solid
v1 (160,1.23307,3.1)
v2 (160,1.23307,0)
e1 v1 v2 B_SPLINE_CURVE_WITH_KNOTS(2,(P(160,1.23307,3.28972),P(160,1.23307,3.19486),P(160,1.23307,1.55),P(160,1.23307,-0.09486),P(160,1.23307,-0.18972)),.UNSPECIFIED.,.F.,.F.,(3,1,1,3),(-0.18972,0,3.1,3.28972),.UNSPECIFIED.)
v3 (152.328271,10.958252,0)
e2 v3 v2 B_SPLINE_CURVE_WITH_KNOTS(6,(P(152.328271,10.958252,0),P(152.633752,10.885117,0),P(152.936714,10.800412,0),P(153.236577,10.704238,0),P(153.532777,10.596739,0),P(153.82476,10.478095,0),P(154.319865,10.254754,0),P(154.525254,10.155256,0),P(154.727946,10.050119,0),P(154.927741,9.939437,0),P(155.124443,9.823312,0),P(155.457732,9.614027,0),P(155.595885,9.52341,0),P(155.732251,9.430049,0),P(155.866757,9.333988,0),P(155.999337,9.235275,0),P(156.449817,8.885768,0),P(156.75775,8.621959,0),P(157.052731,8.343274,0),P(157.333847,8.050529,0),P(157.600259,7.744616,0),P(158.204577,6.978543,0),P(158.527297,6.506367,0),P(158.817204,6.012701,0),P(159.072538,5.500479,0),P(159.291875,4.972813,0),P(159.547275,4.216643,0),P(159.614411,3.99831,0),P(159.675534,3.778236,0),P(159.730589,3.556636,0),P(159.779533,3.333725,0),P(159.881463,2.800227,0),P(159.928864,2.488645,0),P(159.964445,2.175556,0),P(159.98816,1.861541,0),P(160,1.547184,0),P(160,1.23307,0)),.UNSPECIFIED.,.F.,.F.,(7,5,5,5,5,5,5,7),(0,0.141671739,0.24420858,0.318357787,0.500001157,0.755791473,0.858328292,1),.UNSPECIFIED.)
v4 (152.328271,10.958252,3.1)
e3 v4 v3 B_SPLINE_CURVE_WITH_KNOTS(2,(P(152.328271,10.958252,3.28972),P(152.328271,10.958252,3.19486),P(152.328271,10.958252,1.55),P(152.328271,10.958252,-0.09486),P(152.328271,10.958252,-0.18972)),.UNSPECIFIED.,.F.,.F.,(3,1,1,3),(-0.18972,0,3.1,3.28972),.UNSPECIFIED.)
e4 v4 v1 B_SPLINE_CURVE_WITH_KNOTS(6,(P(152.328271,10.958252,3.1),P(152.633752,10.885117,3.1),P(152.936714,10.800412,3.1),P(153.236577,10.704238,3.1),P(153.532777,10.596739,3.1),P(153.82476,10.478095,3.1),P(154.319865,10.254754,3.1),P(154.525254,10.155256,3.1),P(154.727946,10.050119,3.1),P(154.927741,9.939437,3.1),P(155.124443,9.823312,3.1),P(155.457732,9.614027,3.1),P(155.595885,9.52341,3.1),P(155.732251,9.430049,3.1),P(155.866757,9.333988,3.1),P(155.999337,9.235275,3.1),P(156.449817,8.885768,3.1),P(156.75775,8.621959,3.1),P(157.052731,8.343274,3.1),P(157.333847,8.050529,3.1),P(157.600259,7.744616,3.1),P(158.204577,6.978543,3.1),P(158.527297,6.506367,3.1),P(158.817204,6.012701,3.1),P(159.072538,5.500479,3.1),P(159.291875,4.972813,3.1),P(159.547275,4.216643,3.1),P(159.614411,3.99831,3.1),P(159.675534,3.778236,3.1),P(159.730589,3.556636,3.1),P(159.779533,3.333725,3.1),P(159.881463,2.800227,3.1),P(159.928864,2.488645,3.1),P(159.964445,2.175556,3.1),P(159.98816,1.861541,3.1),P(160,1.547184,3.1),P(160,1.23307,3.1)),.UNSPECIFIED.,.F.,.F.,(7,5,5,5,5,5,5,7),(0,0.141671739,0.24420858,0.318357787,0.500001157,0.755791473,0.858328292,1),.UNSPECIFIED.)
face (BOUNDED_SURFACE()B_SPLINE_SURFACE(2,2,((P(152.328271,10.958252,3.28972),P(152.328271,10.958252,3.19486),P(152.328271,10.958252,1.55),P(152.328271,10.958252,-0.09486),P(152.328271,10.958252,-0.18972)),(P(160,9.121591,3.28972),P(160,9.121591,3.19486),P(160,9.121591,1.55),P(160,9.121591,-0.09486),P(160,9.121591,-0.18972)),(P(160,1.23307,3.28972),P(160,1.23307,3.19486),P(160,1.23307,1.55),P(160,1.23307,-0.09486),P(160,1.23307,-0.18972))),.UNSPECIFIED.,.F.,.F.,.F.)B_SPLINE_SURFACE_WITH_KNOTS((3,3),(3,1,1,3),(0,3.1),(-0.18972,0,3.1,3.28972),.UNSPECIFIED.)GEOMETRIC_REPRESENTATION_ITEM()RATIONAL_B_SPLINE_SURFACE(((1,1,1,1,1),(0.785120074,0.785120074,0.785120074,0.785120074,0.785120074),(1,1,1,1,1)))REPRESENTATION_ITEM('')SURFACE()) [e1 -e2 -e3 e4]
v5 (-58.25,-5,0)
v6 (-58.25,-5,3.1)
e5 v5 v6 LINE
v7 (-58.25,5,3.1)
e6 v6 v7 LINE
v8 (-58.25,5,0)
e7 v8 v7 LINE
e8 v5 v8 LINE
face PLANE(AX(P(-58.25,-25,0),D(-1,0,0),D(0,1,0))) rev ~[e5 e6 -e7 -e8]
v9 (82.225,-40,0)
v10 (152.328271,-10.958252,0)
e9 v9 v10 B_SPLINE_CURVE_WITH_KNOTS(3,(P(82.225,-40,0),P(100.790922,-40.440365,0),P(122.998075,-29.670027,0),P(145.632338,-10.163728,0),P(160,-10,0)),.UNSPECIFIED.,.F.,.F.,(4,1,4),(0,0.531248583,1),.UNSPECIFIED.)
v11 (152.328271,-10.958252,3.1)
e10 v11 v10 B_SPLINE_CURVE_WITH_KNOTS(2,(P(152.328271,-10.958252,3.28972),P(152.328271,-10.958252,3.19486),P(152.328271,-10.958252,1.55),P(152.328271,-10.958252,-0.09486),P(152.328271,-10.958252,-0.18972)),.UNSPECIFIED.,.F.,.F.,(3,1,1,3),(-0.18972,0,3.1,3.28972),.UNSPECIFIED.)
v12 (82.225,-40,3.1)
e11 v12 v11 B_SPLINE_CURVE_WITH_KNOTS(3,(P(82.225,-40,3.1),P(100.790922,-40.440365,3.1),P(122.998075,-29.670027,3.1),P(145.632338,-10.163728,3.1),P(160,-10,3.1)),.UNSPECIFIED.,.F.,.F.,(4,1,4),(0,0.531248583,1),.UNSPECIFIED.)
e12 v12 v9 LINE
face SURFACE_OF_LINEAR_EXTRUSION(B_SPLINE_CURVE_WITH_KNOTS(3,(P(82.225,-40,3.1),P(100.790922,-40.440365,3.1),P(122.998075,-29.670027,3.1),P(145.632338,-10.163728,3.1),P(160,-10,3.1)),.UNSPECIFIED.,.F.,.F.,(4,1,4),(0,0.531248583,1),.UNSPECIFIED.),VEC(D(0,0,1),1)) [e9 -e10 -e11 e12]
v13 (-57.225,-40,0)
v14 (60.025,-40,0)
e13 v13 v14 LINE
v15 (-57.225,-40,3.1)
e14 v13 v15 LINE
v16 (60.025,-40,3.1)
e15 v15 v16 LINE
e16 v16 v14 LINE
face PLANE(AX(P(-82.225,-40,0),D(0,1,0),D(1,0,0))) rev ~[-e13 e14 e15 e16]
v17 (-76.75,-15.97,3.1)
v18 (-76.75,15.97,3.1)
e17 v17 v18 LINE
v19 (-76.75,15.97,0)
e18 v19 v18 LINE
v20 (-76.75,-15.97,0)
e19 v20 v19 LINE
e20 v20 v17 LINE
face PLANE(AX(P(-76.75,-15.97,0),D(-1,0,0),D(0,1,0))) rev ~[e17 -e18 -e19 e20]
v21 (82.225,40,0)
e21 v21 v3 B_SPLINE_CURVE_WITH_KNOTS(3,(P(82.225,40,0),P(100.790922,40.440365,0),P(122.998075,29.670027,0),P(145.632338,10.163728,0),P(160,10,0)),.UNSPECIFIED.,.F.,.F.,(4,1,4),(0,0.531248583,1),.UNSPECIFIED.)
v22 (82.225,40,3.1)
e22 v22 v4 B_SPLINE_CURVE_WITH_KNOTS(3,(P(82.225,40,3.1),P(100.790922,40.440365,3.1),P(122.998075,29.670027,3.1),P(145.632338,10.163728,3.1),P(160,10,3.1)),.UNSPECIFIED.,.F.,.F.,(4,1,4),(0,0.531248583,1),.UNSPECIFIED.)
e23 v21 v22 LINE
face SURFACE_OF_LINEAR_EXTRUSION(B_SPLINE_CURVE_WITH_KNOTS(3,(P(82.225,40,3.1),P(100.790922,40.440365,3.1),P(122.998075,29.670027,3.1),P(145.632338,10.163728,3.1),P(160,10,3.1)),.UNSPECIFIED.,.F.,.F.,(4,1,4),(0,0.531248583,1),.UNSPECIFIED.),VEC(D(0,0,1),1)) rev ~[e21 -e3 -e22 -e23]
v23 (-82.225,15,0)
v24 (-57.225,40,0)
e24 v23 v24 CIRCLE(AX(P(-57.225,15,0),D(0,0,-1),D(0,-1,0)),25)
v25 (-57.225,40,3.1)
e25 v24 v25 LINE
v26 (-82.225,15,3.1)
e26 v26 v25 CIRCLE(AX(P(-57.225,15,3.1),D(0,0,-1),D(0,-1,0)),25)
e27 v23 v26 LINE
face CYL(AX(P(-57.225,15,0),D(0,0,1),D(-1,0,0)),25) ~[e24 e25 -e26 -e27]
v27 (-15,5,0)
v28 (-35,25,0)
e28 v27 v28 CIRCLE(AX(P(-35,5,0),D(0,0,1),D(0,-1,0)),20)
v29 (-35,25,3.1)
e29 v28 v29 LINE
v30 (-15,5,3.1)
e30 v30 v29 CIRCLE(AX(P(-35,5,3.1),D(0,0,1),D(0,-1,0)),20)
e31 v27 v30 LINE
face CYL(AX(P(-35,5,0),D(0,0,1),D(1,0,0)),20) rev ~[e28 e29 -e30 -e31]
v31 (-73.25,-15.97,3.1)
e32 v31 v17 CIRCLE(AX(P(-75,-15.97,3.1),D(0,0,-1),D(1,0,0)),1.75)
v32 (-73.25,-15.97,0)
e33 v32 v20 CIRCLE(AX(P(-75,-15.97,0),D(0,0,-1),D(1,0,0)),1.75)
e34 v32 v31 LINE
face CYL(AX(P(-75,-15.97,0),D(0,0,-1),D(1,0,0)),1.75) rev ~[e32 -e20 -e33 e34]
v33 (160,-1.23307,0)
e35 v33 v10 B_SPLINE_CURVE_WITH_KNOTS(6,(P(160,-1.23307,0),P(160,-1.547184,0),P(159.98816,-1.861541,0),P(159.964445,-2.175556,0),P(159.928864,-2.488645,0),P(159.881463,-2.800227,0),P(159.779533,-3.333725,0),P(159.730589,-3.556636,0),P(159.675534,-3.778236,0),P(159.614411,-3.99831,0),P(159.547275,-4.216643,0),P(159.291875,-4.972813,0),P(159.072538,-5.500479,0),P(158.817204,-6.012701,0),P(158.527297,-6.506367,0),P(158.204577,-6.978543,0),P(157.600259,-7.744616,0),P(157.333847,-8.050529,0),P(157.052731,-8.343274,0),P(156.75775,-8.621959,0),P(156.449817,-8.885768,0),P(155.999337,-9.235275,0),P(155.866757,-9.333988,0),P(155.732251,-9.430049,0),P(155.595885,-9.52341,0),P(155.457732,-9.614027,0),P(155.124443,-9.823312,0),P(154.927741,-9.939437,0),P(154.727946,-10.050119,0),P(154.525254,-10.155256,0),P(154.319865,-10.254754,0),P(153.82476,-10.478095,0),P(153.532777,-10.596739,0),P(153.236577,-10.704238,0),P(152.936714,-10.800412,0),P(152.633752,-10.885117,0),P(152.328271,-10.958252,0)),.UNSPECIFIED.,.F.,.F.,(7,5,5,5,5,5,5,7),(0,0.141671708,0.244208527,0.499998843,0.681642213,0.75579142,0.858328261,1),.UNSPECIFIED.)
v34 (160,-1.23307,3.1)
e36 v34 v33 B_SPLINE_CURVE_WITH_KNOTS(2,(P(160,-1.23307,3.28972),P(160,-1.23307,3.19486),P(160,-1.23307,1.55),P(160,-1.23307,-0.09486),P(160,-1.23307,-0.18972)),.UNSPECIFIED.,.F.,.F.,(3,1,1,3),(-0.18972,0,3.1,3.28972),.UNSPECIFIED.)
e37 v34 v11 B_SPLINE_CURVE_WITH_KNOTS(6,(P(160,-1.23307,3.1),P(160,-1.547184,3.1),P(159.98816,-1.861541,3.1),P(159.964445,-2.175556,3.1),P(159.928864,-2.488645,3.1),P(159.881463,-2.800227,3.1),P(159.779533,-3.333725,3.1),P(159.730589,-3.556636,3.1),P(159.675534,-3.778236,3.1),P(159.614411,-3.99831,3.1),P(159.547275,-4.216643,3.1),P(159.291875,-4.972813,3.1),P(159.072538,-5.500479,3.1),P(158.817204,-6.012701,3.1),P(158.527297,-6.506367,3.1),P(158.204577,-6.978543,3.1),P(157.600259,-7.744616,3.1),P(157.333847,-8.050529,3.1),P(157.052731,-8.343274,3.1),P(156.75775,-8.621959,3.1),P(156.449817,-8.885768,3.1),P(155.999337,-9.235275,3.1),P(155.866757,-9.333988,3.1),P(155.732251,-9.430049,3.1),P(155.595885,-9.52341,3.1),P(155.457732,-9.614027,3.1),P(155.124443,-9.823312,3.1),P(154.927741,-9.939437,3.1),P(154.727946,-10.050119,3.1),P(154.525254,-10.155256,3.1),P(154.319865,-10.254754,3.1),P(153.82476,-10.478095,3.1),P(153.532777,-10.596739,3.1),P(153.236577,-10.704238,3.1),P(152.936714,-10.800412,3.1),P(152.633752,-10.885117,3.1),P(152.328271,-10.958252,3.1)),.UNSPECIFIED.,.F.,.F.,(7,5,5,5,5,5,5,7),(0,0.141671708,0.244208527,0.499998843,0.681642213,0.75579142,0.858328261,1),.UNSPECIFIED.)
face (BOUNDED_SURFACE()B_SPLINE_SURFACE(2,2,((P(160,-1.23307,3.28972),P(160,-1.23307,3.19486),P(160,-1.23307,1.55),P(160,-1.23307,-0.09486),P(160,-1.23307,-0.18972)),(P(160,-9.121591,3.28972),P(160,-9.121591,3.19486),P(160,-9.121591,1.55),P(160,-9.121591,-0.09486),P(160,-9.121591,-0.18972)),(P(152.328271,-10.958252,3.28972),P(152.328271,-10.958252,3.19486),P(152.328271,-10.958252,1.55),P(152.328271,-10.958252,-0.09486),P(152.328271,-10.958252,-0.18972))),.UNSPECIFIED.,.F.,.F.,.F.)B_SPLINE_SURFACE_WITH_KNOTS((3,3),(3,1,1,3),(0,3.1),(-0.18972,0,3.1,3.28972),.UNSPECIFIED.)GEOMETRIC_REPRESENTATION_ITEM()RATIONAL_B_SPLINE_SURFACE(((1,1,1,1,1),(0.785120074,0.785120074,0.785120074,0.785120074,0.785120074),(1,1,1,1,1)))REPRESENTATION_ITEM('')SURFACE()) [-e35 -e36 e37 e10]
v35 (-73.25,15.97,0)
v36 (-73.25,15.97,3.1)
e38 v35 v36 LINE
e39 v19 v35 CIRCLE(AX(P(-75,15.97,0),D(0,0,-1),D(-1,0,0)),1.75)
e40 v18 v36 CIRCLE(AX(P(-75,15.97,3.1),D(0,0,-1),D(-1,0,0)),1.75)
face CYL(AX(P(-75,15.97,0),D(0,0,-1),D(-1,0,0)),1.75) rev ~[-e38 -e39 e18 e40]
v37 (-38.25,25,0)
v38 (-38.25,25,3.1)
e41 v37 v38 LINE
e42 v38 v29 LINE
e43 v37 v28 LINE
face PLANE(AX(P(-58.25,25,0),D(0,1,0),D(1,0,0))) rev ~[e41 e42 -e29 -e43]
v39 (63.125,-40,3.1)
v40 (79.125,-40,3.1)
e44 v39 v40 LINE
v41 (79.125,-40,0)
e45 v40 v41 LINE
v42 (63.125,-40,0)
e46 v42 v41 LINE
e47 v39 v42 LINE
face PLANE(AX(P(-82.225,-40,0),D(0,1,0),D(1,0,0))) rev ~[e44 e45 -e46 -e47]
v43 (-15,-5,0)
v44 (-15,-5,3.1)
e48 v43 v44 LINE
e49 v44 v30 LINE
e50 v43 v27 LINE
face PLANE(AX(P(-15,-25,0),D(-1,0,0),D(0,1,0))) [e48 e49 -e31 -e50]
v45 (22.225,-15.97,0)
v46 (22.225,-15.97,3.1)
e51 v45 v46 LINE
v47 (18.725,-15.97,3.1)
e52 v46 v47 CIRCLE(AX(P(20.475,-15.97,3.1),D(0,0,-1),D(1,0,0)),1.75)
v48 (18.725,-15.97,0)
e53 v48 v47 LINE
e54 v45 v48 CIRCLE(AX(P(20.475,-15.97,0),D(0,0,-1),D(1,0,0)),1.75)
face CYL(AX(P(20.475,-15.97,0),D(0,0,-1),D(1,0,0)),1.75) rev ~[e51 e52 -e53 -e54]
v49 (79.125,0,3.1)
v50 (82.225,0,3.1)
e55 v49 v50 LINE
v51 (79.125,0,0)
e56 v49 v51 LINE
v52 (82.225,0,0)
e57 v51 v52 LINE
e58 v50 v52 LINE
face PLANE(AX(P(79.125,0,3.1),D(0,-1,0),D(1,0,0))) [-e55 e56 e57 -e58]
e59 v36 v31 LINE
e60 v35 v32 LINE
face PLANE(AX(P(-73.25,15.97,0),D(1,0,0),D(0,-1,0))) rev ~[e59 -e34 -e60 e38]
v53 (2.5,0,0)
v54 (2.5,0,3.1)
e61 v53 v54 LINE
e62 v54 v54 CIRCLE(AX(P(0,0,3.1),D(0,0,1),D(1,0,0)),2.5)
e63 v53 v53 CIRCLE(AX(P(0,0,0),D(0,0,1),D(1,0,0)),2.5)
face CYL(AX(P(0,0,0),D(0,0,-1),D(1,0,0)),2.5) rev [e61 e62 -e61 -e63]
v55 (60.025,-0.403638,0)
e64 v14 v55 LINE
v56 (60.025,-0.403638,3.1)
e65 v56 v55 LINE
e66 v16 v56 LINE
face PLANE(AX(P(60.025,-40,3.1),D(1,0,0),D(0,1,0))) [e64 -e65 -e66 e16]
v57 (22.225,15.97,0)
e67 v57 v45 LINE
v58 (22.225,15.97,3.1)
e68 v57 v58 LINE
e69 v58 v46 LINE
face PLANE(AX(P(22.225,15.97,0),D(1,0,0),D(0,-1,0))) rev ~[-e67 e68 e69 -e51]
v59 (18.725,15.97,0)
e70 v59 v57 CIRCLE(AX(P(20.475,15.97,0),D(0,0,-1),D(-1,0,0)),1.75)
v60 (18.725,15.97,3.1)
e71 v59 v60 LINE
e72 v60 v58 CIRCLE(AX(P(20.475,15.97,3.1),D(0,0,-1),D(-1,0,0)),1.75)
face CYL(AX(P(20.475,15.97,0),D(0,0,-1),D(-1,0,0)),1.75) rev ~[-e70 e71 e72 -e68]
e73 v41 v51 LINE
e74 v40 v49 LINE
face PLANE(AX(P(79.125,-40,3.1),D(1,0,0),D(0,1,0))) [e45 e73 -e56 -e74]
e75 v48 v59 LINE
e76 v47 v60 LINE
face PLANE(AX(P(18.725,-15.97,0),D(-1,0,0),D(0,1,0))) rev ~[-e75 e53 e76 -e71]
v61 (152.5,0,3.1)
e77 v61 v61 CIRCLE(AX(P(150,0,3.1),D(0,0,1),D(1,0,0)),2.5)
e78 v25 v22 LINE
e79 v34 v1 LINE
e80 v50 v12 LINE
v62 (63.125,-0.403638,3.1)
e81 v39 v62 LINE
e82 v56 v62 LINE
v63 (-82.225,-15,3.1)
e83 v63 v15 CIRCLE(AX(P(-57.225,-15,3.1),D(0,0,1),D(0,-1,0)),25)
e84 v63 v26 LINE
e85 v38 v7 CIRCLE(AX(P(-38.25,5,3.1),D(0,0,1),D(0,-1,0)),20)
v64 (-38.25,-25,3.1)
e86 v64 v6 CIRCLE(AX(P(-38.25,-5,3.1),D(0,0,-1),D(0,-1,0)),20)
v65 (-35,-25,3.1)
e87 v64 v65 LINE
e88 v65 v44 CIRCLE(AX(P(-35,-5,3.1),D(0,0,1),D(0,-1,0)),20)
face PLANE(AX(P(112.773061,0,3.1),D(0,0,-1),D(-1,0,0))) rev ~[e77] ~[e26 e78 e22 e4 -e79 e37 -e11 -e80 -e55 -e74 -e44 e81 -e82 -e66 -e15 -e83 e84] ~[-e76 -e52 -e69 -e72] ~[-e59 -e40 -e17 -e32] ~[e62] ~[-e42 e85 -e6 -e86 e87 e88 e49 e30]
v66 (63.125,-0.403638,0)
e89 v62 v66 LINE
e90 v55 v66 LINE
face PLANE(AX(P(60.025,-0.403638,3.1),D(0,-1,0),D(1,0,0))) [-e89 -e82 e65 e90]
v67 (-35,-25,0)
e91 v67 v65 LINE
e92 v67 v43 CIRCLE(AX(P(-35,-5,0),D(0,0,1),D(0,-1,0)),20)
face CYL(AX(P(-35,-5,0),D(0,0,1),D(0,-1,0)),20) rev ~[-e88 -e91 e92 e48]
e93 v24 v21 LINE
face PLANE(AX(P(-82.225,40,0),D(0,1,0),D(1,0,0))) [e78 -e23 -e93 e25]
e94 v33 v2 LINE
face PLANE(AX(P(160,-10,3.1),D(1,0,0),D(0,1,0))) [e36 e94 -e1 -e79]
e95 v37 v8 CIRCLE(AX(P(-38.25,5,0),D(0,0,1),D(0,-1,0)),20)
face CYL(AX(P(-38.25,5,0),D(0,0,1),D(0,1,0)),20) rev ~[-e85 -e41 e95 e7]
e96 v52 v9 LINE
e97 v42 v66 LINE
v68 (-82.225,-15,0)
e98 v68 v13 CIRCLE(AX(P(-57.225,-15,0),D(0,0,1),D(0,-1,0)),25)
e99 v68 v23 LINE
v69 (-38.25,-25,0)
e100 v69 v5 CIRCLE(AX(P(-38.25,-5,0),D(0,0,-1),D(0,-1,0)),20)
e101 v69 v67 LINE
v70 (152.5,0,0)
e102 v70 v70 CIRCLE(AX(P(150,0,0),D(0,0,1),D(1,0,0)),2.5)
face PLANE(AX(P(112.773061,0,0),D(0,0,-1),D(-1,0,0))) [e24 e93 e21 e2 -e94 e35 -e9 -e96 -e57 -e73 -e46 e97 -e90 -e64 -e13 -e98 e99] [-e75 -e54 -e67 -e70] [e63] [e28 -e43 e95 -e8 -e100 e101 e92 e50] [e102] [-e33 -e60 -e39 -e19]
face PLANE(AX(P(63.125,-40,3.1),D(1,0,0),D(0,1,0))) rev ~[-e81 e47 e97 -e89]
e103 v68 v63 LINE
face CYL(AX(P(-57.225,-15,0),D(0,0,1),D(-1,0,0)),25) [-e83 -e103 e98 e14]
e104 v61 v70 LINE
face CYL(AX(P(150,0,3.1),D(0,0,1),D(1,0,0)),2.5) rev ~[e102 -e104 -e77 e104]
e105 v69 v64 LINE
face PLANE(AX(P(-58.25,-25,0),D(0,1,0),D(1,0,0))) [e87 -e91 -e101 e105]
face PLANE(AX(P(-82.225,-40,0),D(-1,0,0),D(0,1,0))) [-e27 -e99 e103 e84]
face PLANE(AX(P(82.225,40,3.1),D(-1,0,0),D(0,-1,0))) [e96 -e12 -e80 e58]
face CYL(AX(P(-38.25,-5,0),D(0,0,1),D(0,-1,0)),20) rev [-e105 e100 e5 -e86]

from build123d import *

# Parameters (mm, degrees)
SKETCH1_W           = 164.45
SKETCH1_H           = 80
SKETCH1_R           = 2.5
SKETCH1_W_2         = 43.25
SKETCH1_H_2         = 50
BOSS_EXTRUDE1_DEPTH = 3.1
SKETCH2_W           = 3.1
SKETCH2_H           = 39.596362368
SKETCH2_H_2         = 40
CUT_EXTRUDE1_DEPTH  = 4.1
FILLET1_R           = 25
SKETCH3_R           = 2.5
BOSS_EXTRUDE2_DEPTH = 3.1
FILLET3_R           = 10
FILLET4_R           = 20


with BuildPart() as part:
    # Sketch1 → Boss-Extrude1 (new body)
    with BuildSketch(Plane.XY):
        Rectangle(SKETCH1_W, SKETCH1_H)
        Circle(SKETCH1_R, mode=Mode.SUBTRACT)
        with BuildLine():
            Line((-76.75, -15.97), (-76.75, 15.97))
            ThreePointArc((-76.75, 15.97), (-75, 17.72), (-73.25, 15.97))
            Line((-73.25, 15.97), (-73.25, -15.97))
            ThreePointArc((-73.25, -15.97), (-75, -17.72), (-76.75, -15.97))
        make_face(mode=Mode.SUBTRACT)
        with BuildLine():
            Line((18.725, -15.97), (18.725, 15.97))
            ThreePointArc((18.725, 15.97), (20.475, 17.72), (22.225, 15.97))
            Line((22.225, 15.97), (22.225, -15.97))
            ThreePointArc((22.225, -15.97), (20.475, -17.72), (18.725, -15.97))
        make_face(mode=Mode.SUBTRACT)
        with Locations((-36.625, 0)):
            Rectangle(SKETCH1_W_2, SKETCH1_H_2, mode=Mode.SUBTRACT)
    extrude(amount=BOSS_EXTRUDE1_DEPTH)

    # Sketch2 → Cut-Extrude1 (cut, through all)
    with BuildSketch(Plane.XY.offset(3.1)):
        with Locations((61.575, -20.201818816)):
            Rectangle(SKETCH2_W, SKETCH2_H)
        with Locations((80.675, -20)):
            Rectangle(SKETCH2_W, SKETCH2_H_2)
    extrude(amount=-CUT_EXTRUDE1_DEPTH, mode=Mode.SUBTRACT)

    # Fillet1
    fillet1_edges = [part.edges().sort_by_distance(p)[0] for p in [
        (-82.225, -40, 1.55),
        (-82.225, 40, 1.55),
    ]]
    fillet(fillet1_edges, radius=FILLET1_R)

    # Sketch3 → Boss-Extrude2 (add)
    with BuildSketch(Plane.XY.offset(3.1)):
        with BuildLine():
            add(Edge.make_bspline(
                [(82.225, 40), (100.790922155, 40.44036534), (122.998075296, 29.670027282), (145.632337886, 10.163727788), (160, 10)],
                knots=[0, 0, 0, 0, 0.531248583, 1, 1, 1, 1], degree=3))
            Line((82.225, 40), (82.225, -40))
            add(Edge.make_bspline(
                [(82.225, -40), (100.790922155, -40.44036534), (122.998075296, -29.670027282), (145.632337886, -10.163727788), (160, -10)],
                knots=[0, 0, 0, 0, 0.531248583, 1, 1, 1, 1], degree=3))
            Line((160, -10), (160, 10))
        make_face()
        with Locations((150, 0)):
            Circle(SKETCH3_R, mode=Mode.SUBTRACT)
    extrude(amount=-BOSS_EXTRUDE2_DEPTH)

    # Fillet3
    fillet3_edges = [part.edges().sort_by_distance(p)[0] for p in [
        (160, -10, 1.55),
        (160, 10, 1.55),
    ]]
    fillet(fillet3_edges, radius=FILLET3_R)

    # Fillet4
    fillet4_edges = [part.edges().sort_by_distance(p)[0] for p in [
        (-15, -25, 1.55),
        (-15, 25, 1.55),
        (-58.25, 25, 1.55),
        (-58.25, -25, 1.55),
    ]]
    fillet(fillet4_edges, radius=FILLET4_R)


solid = part.part
